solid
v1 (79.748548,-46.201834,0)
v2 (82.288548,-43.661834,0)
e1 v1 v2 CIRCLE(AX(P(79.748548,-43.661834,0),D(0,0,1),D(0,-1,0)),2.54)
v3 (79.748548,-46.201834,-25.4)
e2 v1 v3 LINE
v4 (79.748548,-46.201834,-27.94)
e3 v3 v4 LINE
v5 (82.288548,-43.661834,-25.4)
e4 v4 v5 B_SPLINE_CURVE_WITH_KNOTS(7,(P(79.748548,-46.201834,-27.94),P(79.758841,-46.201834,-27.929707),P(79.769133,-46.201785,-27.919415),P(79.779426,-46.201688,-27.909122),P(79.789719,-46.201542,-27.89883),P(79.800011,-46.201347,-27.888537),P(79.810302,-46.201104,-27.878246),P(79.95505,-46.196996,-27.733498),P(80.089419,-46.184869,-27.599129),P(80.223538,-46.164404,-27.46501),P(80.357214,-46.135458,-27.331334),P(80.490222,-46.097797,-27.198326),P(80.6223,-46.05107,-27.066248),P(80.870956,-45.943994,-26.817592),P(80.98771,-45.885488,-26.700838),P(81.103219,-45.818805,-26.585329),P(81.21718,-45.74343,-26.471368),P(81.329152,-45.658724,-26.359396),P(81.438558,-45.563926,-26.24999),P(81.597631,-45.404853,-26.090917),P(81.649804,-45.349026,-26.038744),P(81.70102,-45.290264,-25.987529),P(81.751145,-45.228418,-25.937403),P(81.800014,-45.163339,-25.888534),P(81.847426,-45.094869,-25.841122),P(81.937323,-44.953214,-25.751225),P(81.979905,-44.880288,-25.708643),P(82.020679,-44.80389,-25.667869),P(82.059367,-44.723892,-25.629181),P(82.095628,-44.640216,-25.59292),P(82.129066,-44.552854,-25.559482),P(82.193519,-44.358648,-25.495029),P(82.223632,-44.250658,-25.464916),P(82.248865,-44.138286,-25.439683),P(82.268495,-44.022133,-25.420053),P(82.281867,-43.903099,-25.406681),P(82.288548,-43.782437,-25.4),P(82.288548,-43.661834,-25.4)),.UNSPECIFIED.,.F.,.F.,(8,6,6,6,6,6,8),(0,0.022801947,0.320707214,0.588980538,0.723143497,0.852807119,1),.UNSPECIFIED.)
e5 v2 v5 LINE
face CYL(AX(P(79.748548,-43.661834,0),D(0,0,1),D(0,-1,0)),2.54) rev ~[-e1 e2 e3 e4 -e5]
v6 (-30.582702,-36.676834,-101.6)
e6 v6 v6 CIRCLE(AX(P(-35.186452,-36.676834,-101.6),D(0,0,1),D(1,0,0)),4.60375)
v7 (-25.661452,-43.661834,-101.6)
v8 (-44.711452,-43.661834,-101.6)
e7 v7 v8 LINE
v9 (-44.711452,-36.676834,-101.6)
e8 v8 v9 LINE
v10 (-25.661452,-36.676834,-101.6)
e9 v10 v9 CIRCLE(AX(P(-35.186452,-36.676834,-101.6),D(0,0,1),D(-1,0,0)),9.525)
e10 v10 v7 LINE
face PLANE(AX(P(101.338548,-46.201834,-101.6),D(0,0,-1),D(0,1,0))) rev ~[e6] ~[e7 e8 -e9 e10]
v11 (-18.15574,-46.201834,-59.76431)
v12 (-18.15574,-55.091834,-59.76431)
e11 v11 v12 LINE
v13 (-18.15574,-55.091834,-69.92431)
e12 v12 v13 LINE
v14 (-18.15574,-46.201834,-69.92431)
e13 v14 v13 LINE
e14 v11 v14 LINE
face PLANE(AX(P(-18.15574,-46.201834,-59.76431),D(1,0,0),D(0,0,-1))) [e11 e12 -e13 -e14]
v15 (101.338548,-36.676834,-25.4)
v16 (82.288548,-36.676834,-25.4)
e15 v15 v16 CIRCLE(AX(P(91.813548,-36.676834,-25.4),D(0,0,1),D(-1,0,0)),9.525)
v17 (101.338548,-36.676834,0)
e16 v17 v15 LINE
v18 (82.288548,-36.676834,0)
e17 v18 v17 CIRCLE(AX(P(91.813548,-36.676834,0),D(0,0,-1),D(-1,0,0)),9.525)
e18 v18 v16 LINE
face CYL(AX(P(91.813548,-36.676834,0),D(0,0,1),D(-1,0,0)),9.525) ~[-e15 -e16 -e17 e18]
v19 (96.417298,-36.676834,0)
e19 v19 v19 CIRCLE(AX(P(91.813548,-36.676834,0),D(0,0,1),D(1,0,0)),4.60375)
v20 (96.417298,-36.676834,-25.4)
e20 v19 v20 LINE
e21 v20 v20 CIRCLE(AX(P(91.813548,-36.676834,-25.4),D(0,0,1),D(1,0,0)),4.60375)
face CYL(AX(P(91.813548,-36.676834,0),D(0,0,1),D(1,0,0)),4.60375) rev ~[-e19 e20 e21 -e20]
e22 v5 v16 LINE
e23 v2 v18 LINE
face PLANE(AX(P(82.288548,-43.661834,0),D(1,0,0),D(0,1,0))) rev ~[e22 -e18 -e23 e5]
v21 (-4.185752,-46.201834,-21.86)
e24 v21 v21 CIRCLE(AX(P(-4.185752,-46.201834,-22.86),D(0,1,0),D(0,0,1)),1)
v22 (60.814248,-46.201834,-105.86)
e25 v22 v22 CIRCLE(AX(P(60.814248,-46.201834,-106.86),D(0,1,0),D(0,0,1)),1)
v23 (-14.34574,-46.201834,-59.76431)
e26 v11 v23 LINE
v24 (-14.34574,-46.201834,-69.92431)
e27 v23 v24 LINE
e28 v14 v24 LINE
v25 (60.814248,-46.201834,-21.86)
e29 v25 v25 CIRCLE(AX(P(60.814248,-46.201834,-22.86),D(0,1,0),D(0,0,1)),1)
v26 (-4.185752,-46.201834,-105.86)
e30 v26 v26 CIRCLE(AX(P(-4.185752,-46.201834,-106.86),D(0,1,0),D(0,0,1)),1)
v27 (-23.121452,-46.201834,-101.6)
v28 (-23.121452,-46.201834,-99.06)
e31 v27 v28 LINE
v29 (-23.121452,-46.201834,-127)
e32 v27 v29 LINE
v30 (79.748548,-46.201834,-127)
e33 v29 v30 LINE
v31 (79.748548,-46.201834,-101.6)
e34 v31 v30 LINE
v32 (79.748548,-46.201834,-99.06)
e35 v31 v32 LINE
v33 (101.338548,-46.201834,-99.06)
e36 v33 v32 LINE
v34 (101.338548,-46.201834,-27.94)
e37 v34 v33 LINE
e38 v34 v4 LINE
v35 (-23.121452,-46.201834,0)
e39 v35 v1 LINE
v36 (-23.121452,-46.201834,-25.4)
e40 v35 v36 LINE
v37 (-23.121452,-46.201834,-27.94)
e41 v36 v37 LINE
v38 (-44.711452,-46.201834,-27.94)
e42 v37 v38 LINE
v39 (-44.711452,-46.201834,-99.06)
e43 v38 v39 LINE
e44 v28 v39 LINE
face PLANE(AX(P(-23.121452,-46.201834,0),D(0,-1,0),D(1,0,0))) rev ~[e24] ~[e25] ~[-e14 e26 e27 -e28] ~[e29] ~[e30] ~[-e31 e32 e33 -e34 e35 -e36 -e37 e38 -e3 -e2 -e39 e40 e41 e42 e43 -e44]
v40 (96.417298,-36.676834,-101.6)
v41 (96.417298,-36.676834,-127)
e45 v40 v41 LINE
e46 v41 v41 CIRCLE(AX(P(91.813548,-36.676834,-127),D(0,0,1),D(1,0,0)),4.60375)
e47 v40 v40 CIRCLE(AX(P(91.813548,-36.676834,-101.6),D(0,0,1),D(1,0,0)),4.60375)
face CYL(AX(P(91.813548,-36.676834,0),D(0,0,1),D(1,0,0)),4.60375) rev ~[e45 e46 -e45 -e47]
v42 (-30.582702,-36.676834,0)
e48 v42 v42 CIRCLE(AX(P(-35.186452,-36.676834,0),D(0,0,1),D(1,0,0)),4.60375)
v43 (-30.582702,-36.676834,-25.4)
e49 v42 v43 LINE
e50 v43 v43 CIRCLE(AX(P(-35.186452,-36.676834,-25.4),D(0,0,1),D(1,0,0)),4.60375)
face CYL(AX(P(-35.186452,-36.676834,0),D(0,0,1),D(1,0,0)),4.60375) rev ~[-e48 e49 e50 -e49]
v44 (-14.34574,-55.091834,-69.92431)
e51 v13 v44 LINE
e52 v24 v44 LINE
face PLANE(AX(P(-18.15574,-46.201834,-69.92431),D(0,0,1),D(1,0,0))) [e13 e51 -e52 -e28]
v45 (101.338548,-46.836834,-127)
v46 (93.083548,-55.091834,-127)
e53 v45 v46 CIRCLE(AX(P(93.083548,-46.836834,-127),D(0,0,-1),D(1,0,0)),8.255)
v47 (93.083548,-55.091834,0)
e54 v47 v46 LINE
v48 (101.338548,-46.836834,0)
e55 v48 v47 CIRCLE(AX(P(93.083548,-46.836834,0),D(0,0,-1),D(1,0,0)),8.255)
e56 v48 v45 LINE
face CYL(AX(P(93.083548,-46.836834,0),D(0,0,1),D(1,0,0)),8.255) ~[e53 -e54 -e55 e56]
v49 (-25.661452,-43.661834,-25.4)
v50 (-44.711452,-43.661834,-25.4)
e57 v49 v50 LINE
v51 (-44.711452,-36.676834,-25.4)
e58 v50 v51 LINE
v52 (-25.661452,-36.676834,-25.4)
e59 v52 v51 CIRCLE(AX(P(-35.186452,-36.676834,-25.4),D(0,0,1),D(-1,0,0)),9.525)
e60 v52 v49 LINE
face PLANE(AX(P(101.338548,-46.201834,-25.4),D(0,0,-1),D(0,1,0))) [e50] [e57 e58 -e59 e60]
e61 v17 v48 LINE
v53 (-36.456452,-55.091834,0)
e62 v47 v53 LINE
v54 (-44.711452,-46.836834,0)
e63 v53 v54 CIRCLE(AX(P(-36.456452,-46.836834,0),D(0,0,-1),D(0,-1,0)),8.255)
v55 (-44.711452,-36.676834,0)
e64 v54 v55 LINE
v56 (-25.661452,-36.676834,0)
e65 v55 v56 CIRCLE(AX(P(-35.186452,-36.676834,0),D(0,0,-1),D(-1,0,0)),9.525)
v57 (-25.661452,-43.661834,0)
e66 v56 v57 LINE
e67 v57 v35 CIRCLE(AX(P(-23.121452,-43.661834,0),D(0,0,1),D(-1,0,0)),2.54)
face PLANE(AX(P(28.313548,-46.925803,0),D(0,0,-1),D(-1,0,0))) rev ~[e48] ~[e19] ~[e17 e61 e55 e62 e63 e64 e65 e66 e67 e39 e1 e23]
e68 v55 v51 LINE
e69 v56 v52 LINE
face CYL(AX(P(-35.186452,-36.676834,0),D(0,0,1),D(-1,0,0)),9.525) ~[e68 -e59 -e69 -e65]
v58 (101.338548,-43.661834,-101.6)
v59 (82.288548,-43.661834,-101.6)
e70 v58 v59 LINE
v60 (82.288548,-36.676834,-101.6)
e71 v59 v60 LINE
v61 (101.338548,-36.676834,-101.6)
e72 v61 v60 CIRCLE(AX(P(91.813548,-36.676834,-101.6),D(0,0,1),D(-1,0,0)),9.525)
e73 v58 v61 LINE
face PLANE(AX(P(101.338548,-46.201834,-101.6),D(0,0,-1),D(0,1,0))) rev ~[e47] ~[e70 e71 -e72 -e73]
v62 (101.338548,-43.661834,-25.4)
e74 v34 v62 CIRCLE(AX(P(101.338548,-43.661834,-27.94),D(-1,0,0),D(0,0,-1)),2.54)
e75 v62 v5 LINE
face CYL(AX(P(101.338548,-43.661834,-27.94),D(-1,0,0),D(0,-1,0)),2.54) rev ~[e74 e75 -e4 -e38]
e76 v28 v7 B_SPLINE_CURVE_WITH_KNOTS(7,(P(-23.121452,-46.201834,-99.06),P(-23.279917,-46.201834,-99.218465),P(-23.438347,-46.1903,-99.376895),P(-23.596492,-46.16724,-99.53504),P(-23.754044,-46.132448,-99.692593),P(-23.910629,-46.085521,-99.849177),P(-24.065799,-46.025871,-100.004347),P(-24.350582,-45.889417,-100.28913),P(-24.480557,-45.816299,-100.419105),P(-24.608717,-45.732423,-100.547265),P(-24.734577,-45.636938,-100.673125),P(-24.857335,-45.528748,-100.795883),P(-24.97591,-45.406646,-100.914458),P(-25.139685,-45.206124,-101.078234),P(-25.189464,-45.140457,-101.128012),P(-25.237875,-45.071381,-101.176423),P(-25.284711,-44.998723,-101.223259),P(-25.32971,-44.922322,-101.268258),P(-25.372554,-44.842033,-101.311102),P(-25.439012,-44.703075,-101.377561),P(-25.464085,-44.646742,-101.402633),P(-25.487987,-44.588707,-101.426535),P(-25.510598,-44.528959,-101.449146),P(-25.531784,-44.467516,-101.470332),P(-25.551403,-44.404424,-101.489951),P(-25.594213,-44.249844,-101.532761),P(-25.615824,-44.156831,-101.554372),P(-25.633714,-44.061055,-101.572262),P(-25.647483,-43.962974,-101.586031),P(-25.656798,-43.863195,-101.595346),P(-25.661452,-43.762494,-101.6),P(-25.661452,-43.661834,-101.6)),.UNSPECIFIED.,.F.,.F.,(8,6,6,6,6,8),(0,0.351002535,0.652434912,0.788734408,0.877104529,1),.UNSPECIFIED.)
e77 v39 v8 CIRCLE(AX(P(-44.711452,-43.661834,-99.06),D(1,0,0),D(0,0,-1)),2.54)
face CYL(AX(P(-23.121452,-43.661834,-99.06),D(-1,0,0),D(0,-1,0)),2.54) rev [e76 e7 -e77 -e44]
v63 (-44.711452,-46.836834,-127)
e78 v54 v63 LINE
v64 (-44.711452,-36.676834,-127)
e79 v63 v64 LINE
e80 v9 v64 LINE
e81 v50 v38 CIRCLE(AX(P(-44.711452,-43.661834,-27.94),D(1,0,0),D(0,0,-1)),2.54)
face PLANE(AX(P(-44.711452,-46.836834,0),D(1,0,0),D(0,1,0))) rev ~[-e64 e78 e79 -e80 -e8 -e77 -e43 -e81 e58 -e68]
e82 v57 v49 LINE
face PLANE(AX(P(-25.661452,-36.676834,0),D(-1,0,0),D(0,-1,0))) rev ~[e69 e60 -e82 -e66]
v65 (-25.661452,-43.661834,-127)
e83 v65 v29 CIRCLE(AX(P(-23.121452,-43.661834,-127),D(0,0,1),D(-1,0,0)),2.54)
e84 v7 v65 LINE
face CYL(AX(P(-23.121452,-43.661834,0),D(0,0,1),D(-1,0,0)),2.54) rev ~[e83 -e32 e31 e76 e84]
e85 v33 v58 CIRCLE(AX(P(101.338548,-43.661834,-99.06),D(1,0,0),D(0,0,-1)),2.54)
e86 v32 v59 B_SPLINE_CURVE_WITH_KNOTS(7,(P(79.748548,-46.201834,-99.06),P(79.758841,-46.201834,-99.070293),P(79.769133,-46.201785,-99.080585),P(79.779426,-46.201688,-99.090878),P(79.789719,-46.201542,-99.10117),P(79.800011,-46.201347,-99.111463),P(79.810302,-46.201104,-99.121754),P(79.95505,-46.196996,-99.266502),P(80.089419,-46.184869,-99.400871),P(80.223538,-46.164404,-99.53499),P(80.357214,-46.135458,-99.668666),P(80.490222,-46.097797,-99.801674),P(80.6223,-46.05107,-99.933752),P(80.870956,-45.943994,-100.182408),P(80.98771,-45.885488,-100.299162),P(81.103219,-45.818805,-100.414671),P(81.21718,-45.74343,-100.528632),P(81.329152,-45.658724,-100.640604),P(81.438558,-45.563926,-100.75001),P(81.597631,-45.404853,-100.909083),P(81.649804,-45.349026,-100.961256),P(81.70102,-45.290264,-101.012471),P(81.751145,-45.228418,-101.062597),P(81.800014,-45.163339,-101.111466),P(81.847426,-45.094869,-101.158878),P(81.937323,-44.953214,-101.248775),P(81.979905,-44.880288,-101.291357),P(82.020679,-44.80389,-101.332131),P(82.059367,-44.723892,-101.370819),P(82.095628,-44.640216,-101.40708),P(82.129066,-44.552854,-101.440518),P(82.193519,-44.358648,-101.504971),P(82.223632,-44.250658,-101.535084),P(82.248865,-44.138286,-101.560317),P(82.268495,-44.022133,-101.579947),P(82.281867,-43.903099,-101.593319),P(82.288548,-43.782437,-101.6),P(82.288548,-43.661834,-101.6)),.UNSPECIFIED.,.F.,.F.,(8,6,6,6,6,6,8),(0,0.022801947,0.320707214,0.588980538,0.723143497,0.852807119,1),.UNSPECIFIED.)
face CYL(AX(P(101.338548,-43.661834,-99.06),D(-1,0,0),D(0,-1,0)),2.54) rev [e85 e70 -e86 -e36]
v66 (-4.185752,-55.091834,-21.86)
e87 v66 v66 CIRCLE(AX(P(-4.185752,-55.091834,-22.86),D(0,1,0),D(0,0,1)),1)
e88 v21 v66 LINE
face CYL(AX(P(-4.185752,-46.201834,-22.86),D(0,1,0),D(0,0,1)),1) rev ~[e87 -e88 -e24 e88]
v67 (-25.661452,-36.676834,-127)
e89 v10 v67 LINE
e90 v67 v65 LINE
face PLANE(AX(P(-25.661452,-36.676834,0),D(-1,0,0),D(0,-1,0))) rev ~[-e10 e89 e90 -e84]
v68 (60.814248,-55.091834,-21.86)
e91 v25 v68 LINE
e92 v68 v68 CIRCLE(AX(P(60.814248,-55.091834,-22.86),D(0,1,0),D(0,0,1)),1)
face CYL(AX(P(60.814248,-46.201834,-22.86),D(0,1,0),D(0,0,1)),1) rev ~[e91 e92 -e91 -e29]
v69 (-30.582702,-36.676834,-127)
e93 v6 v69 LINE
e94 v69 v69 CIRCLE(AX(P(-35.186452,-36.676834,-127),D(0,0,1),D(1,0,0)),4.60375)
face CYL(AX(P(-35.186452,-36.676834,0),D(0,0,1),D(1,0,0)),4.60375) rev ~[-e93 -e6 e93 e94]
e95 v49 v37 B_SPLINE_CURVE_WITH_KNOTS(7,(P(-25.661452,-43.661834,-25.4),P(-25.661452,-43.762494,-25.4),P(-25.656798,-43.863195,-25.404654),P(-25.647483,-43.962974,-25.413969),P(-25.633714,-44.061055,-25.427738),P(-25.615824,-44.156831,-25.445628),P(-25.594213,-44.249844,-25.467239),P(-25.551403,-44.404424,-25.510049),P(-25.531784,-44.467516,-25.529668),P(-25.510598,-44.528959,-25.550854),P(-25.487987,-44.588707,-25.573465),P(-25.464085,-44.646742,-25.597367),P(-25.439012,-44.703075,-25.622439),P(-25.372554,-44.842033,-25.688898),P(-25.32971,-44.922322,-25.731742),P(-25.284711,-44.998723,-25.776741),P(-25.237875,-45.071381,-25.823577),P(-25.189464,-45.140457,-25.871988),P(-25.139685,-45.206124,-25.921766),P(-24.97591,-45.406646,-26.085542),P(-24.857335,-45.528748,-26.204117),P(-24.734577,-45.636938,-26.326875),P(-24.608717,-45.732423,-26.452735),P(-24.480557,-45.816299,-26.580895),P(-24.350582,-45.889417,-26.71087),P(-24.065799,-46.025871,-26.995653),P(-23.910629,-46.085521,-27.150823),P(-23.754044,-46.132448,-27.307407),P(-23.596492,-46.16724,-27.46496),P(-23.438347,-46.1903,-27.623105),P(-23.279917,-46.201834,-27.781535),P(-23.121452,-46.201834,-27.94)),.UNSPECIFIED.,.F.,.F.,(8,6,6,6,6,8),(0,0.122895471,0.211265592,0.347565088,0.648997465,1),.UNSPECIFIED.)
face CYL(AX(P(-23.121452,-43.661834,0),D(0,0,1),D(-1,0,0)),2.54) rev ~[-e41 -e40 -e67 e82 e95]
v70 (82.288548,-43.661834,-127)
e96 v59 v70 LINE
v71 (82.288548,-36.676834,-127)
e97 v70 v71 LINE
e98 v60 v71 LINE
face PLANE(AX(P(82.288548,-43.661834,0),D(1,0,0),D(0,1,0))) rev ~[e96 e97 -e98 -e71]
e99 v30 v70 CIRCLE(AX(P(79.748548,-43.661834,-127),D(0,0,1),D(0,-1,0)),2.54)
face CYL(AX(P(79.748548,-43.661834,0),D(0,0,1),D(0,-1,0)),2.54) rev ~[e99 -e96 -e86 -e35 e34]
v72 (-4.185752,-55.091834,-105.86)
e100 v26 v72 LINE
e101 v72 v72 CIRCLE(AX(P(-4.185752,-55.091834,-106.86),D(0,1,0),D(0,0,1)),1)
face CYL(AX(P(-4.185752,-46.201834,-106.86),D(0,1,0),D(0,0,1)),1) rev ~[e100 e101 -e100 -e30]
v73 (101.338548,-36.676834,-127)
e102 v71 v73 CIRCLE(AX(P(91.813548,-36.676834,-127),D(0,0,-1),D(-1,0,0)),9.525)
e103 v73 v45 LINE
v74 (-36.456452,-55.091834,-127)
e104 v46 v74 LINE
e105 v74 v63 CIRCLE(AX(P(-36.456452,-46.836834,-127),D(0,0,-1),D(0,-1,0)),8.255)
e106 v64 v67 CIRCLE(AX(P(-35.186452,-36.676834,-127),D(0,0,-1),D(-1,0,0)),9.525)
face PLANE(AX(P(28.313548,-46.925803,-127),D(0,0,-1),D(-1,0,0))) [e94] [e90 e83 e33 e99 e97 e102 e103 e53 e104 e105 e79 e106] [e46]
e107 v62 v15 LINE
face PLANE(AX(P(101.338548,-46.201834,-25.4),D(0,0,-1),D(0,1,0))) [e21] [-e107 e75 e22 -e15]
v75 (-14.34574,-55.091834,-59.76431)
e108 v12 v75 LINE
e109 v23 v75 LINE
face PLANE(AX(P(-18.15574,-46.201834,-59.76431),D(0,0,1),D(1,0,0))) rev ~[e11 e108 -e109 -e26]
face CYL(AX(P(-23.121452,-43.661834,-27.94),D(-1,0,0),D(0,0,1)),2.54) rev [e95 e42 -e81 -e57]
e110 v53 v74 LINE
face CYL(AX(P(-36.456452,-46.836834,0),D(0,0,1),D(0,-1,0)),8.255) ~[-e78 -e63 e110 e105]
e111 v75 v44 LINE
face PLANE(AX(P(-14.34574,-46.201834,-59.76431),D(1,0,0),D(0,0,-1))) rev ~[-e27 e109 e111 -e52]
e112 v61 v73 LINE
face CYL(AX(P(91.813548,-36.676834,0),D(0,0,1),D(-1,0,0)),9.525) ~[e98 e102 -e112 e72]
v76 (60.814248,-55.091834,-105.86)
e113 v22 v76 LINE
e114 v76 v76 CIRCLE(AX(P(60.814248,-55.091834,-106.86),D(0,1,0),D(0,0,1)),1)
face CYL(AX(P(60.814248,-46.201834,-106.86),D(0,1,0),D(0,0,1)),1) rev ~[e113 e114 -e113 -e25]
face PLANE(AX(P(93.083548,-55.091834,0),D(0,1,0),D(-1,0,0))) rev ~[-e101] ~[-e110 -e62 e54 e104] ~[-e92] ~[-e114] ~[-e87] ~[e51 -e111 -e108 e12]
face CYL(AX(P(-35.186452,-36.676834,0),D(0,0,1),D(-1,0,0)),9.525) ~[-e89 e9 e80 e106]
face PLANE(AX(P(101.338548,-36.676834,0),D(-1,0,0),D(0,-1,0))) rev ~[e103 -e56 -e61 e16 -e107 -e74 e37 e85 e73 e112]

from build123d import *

# Parameters (mm, degrees)
SKETCH2_R           = 4.60375
BOSS_EXTRUDE1_DEPTH = 127
SKETCH3_W           = 76.2
SKETCH3_H           = 31.474420728
CUT_EXTRUDE1_DEPTH  = 254
FILLET1_R           = 2.54
FILLET2_R           = 2.54
FILLET3_R           = 2.54
FILLET4_R           = 2.54
SKETCH4_R           = 1
SKETCH4_W           = 3.81
SKETCH4_H           = 10.16
CUT_EXTRUDE2_DEPTH  = 254


with BuildPart() as part:
    # Sketch2 → Boss-Extrude1 (new body)
    with BuildSketch(Plane.XY):
        with BuildLine():
            Line((-25.661451909, -36.676833639), (-25.661451909, -43.661833639))
            ThreePointArc((-25.661451909, -43.661833639), (-24.917503133, -45.457884863), (-23.121451909, -46.201833639))
            Line((-23.121451909, -46.201833639), (79.748548091, -46.201833639))
            ThreePointArc((79.748548091, -46.201833639), (81.544599316, -45.457884863), (82.288548091, -43.661833639))
            Line((82.288548091, -43.661833639), (82.288548091, -36.676833639))
            ThreePointArc((82.288548091, -36.676833639), (91.813548091, -27.151833639), (101.338548091, -36.676833639))
            Line((101.338548091, -36.676833639), (101.338548091, -46.201833639))
            Line((101.338548091, -46.201833639), (101.338548091, -46.836833639))
            ThreePointArc((101.338548091, -46.836833639), (98.92071457, -52.674000118), (93.083548091, -55.091833639))
            Line((93.083548091, -55.091833639), (-36.456451909, -55.091833639))
            ThreePointArc((-36.456451909, -55.091833639), (-42.293618387, -52.674000118), (-44.711451909, -46.836833639))
            Line((-44.711451909, -46.836833639), (-44.711451909, -46.201833639))
            Line((-44.711451909, -46.201833639), (-44.711451909, -36.676833639))
            ThreePointArc((-44.711451909, -36.676833639), (-35.186451909, -27.151833639), (-25.661451909, -36.676833639))
        make_face()
        with Locations((-35.186451909, -36.676833639)):
            Circle(SKETCH2_R, mode=Mode.SUBTRACT)
        with Locations((91.813548091, -36.676833639)):
            Circle(SKETCH2_R, mode=Mode.SUBTRACT)
    extrude(amount=-BOSS_EXTRUDE1_DEPTH)

    # Sketch3 → Cut-Extrude1 (cut)
    with BuildSketch(Plane(origin=(101.338548091, 0, 0), x_dir=(0, 0, -1), z_dir=(1, 0, 0))):
        with Locations((63.5, -30.464623275)):
            Rectangle(SKETCH3_W, SKETCH3_H)
    extrude(amount=-CUT_EXTRUDE1_DEPTH, mode=Mode.SUBTRACT)

    # Fillet1
    fillet1_edges = [part.edges().sort_by_distance(p)[0] for p in [
        (-33.916451909, -46.201833639, -25.4),
    ]]
    fillet(fillet1_edges, radius=FILLET1_R)

    # Fillet2
    fillet2_edges = [part.edges().sort_by_distance(p)[0] for p in [
        (-33.916451909, -46.201833639, -101.6),
    ]]
    fillet(fillet2_edges, radius=FILLET2_R)

    # Fillet3
    fillet3_edges = [part.edges().sort_by_distance(p)[0] for p in [
        (90.543548091, -46.201833639, -101.6),
    ]]
    fillet(fillet3_edges, radius=FILLET3_R)

    # Fillet4
    fillet4_edges = [part.edges().sort_by_distance(p)[0] for p in [
        (90.543548091, -46.201833639, -25.4),
    ]]
    fillet(fillet4_edges, radius=FILLET4_R)

    # Sketch4 → Cut-Extrude2 (cut)
    with BuildSketch(Plane(origin=(0, -46.201833639, 0), x_dir=(1, 0, 0), z_dir=(0, 1, 0))):
        with Locations(Location((-4.185751909, 106.86, 0), (0, 0, 270))):
            Circle(SKETCH4_R)
        with Locations(Location((60.814248091, 106.86, 0), (0, 0, 270))):
            Circle(SKETCH4_R)
        with Locations(Location((-4.185751909, 22.86, 0), (0, 0, 270))):
            Circle(SKETCH4_R)
        with Locations(Location((60.814248091, 22.86, 0), (0, 0, 270))):
            Circle(SKETCH4_R)
        with Locations((-16.250739794, 64.844309946)):
            Rectangle(SKETCH4_W, SKETCH4_H)
    extrude(amount=-CUT_EXTRUDE2_DEPTH, mode=Mode.SUBTRACT)


solid = part.part
